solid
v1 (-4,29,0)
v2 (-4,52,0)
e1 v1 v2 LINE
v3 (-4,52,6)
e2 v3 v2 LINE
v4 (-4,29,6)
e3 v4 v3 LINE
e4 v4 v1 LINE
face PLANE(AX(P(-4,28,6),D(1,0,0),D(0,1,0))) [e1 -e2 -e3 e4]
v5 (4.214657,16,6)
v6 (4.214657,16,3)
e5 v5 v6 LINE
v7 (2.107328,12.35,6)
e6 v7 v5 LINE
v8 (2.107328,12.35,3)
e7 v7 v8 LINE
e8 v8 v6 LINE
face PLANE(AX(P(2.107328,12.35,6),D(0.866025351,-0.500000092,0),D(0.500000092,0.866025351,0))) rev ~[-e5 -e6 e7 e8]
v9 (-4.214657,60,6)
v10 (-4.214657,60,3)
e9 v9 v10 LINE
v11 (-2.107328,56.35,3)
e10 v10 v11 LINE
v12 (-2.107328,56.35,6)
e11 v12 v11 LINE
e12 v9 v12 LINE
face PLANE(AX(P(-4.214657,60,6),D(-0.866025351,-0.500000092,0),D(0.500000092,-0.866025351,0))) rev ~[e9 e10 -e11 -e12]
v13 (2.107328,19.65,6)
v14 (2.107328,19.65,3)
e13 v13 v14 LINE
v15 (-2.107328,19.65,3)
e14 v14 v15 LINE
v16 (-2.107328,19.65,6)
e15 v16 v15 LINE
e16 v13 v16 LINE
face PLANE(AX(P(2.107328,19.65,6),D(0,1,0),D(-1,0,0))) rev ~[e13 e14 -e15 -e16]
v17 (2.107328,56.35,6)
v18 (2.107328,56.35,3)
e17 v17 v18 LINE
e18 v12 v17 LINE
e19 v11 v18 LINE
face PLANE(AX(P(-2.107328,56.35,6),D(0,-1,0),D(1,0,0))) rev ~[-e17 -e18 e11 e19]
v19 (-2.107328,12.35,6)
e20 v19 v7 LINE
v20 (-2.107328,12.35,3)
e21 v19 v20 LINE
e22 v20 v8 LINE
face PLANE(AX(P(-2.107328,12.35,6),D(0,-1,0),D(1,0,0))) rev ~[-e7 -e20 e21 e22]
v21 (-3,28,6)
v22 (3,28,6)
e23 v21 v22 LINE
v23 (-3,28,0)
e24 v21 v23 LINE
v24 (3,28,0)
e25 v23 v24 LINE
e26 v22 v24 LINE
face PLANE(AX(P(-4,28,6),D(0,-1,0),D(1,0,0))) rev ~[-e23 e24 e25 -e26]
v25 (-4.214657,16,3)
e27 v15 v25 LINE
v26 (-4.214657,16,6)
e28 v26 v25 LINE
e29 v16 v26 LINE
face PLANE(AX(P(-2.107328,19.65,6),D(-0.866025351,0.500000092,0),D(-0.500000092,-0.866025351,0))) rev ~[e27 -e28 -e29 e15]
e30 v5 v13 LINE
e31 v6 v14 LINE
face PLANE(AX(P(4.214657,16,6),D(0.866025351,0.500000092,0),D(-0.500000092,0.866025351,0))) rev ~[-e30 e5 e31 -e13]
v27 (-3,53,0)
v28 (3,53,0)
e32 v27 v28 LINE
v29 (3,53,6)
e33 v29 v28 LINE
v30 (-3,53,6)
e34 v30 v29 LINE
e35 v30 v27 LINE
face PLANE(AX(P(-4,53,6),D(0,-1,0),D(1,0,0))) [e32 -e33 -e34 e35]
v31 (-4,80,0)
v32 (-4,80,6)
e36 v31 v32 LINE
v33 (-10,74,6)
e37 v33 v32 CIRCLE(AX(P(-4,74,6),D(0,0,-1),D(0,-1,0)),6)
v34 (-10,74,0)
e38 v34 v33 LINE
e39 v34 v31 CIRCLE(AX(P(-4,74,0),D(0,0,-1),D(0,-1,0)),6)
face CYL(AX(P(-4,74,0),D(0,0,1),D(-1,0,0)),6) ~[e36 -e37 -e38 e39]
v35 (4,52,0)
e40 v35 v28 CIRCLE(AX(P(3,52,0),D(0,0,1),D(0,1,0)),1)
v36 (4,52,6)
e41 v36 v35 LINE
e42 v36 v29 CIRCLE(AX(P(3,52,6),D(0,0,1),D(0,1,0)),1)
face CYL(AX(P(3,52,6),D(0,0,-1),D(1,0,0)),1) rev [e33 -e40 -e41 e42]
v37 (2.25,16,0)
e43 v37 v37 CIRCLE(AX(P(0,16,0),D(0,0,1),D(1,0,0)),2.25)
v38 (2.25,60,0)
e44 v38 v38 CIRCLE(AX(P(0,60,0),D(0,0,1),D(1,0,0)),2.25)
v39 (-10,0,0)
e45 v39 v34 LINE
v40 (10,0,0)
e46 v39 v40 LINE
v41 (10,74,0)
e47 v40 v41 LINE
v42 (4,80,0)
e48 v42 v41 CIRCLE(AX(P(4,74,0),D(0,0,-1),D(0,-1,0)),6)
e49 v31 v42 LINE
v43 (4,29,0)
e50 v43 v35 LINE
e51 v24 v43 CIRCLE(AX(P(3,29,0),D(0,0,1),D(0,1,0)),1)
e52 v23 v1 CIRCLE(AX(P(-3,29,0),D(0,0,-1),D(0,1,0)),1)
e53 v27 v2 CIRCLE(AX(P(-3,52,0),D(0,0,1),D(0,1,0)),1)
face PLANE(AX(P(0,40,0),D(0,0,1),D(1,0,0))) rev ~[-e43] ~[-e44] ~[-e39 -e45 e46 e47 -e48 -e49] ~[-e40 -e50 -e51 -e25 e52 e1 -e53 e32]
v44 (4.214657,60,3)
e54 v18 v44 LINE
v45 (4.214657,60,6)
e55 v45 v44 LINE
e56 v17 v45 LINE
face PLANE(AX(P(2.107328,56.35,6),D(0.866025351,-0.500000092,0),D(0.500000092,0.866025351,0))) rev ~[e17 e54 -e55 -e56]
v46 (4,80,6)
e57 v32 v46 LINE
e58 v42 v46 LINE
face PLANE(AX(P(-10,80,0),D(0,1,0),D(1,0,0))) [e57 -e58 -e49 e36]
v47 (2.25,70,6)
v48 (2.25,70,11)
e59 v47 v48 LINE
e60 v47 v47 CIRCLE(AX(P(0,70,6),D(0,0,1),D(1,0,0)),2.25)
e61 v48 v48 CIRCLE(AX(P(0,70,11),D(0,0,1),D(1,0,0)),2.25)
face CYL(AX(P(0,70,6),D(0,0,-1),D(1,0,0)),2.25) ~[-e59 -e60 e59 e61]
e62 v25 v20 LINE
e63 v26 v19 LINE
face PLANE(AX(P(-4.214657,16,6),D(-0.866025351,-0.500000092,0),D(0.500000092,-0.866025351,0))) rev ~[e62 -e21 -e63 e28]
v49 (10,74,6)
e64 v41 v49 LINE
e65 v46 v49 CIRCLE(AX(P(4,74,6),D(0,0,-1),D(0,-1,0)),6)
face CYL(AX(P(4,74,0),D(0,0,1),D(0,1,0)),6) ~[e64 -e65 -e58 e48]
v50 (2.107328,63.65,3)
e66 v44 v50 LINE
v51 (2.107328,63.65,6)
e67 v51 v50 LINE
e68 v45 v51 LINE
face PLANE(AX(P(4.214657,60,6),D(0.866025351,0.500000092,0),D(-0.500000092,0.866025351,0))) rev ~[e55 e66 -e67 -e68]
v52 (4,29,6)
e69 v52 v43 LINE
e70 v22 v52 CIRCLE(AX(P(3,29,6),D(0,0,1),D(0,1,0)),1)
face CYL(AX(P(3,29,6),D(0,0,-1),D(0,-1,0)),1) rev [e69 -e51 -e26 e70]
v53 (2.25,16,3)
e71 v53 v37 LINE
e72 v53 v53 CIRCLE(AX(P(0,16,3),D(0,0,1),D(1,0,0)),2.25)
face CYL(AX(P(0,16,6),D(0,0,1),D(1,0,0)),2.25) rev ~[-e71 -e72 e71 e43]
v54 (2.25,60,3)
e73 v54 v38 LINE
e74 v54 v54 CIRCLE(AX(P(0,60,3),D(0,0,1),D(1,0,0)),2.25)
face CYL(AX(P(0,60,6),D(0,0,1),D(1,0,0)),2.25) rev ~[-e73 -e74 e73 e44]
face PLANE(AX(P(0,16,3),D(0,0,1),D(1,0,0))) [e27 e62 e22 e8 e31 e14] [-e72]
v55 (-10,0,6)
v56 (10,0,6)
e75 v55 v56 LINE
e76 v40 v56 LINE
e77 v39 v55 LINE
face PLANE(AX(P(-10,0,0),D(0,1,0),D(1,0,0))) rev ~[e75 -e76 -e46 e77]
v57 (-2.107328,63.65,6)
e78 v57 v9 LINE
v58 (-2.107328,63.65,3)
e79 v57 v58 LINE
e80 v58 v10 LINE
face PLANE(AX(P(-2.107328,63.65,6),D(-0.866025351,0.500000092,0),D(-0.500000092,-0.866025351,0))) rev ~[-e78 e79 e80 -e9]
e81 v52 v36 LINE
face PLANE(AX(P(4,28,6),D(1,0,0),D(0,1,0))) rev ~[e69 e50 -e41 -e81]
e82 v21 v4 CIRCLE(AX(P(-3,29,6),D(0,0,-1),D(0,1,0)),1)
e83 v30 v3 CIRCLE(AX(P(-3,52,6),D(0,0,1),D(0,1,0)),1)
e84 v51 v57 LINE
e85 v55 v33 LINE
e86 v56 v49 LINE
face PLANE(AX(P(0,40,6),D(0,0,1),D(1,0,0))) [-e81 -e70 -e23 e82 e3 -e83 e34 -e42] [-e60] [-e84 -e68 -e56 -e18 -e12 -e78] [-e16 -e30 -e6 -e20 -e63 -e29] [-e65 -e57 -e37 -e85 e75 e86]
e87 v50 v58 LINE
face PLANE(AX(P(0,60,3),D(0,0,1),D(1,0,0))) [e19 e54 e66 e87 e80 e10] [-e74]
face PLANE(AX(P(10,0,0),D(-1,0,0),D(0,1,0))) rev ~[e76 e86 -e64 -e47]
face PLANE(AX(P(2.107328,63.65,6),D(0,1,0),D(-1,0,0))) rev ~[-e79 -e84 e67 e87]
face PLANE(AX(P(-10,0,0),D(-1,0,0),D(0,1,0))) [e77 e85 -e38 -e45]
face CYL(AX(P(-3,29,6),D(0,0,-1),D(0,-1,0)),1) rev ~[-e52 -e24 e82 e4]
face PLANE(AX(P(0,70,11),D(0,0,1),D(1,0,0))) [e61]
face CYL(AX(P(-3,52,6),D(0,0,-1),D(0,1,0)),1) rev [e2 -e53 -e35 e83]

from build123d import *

# Parameters (mm, degrees)
SKETCH_W        = 20
SKETCH_H        = 80
PAD_DEPTH       = 6
SKETCH001_R     = 2.25
PAD001_DEPTH    = 5
FILLET_R        = 6
SKETCH002_R     = 2.25
POCKET_DEPTH    = 8
POCKET001_DEPTH = 3
SKETCH004_W     = 8
SKETCH004_H     = 25
POCKET002_DEPTH = 7
FILLET001_R     = 1


with BuildPart() as part:
    # Sketch → Pad (new body)
    with BuildSketch(Plane.XY):
        with Locations((0, 40)):
            Rectangle(SKETCH_W, SKETCH_H)
    extrude(amount=PAD_DEPTH)

    # Sketch001 (on Face6 of Pad) → Pad001 (join)
    with BuildSketch(Plane.XY.offset(6)):
        with Locations((0, 70)):
            Circle(SKETCH001_R)
    extrude(amount=PAD001_DEPTH)

    # Fillet
    fillet_edges = [part.edges().sort_by_distance(p)[0] for p in [
        (-10, 80, 3),
        (10, 80, 3),
    ]]
    fillet(fillet_edges, radius=FILLET_R)

    # Sketch002 (on Face5 of Fillet) → Pocket (cut)
    with BuildSketch(Plane.XY.offset(6)):
        with Locations((0, 16)):
            Circle(SKETCH002_R)
        with Locations((0, 60)):
            Circle(SKETCH002_R)
    extrude(amount=-POCKET_DEPTH, mode=Mode.SUBTRACT)

    # Sketch003 (on Face5 of Pocket) → Pocket001 (cut)
    with BuildSketch(Plane.XY.offset(6)):
        Polygon((2.107328, 19.65), (-2.107328, 19.65), (-4.214657, 16), (-2.107328, 12.35), (2.107328, 12.35), (4.214657, 16), align=None)
        Polygon((2.107328, 56.35), (4.214657, 60), (2.107328, 63.65), (-2.107328, 63.65), (-4.214657, 60), (-2.107328, 56.35), align=None)
    extrude(amount=-POCKET001_DEPTH, mode=Mode.SUBTRACT)

    # Sketch004 (on Face5 of Pocket001) → Pocket002 (cut)
    with BuildSketch(Plane.XY.offset(6)):
        with Locations((0, 40.5)):
            Rectangle(SKETCH004_W, SKETCH004_H)
    extrude(amount=-POCKET002_DEPTH, mode=Mode.SUBTRACT)

    # Fillet001
    fillet001_edges = [part.edges().sort_by_distance(p)[0] for p in [
        (4, 53, 3),
        (-4, 53, 3),
        (-4, 28, 3),
        (4, 28, 3),
    ]]
    fillet(fillet001_edges, radius=FILLET001_R)


solid = part.part
